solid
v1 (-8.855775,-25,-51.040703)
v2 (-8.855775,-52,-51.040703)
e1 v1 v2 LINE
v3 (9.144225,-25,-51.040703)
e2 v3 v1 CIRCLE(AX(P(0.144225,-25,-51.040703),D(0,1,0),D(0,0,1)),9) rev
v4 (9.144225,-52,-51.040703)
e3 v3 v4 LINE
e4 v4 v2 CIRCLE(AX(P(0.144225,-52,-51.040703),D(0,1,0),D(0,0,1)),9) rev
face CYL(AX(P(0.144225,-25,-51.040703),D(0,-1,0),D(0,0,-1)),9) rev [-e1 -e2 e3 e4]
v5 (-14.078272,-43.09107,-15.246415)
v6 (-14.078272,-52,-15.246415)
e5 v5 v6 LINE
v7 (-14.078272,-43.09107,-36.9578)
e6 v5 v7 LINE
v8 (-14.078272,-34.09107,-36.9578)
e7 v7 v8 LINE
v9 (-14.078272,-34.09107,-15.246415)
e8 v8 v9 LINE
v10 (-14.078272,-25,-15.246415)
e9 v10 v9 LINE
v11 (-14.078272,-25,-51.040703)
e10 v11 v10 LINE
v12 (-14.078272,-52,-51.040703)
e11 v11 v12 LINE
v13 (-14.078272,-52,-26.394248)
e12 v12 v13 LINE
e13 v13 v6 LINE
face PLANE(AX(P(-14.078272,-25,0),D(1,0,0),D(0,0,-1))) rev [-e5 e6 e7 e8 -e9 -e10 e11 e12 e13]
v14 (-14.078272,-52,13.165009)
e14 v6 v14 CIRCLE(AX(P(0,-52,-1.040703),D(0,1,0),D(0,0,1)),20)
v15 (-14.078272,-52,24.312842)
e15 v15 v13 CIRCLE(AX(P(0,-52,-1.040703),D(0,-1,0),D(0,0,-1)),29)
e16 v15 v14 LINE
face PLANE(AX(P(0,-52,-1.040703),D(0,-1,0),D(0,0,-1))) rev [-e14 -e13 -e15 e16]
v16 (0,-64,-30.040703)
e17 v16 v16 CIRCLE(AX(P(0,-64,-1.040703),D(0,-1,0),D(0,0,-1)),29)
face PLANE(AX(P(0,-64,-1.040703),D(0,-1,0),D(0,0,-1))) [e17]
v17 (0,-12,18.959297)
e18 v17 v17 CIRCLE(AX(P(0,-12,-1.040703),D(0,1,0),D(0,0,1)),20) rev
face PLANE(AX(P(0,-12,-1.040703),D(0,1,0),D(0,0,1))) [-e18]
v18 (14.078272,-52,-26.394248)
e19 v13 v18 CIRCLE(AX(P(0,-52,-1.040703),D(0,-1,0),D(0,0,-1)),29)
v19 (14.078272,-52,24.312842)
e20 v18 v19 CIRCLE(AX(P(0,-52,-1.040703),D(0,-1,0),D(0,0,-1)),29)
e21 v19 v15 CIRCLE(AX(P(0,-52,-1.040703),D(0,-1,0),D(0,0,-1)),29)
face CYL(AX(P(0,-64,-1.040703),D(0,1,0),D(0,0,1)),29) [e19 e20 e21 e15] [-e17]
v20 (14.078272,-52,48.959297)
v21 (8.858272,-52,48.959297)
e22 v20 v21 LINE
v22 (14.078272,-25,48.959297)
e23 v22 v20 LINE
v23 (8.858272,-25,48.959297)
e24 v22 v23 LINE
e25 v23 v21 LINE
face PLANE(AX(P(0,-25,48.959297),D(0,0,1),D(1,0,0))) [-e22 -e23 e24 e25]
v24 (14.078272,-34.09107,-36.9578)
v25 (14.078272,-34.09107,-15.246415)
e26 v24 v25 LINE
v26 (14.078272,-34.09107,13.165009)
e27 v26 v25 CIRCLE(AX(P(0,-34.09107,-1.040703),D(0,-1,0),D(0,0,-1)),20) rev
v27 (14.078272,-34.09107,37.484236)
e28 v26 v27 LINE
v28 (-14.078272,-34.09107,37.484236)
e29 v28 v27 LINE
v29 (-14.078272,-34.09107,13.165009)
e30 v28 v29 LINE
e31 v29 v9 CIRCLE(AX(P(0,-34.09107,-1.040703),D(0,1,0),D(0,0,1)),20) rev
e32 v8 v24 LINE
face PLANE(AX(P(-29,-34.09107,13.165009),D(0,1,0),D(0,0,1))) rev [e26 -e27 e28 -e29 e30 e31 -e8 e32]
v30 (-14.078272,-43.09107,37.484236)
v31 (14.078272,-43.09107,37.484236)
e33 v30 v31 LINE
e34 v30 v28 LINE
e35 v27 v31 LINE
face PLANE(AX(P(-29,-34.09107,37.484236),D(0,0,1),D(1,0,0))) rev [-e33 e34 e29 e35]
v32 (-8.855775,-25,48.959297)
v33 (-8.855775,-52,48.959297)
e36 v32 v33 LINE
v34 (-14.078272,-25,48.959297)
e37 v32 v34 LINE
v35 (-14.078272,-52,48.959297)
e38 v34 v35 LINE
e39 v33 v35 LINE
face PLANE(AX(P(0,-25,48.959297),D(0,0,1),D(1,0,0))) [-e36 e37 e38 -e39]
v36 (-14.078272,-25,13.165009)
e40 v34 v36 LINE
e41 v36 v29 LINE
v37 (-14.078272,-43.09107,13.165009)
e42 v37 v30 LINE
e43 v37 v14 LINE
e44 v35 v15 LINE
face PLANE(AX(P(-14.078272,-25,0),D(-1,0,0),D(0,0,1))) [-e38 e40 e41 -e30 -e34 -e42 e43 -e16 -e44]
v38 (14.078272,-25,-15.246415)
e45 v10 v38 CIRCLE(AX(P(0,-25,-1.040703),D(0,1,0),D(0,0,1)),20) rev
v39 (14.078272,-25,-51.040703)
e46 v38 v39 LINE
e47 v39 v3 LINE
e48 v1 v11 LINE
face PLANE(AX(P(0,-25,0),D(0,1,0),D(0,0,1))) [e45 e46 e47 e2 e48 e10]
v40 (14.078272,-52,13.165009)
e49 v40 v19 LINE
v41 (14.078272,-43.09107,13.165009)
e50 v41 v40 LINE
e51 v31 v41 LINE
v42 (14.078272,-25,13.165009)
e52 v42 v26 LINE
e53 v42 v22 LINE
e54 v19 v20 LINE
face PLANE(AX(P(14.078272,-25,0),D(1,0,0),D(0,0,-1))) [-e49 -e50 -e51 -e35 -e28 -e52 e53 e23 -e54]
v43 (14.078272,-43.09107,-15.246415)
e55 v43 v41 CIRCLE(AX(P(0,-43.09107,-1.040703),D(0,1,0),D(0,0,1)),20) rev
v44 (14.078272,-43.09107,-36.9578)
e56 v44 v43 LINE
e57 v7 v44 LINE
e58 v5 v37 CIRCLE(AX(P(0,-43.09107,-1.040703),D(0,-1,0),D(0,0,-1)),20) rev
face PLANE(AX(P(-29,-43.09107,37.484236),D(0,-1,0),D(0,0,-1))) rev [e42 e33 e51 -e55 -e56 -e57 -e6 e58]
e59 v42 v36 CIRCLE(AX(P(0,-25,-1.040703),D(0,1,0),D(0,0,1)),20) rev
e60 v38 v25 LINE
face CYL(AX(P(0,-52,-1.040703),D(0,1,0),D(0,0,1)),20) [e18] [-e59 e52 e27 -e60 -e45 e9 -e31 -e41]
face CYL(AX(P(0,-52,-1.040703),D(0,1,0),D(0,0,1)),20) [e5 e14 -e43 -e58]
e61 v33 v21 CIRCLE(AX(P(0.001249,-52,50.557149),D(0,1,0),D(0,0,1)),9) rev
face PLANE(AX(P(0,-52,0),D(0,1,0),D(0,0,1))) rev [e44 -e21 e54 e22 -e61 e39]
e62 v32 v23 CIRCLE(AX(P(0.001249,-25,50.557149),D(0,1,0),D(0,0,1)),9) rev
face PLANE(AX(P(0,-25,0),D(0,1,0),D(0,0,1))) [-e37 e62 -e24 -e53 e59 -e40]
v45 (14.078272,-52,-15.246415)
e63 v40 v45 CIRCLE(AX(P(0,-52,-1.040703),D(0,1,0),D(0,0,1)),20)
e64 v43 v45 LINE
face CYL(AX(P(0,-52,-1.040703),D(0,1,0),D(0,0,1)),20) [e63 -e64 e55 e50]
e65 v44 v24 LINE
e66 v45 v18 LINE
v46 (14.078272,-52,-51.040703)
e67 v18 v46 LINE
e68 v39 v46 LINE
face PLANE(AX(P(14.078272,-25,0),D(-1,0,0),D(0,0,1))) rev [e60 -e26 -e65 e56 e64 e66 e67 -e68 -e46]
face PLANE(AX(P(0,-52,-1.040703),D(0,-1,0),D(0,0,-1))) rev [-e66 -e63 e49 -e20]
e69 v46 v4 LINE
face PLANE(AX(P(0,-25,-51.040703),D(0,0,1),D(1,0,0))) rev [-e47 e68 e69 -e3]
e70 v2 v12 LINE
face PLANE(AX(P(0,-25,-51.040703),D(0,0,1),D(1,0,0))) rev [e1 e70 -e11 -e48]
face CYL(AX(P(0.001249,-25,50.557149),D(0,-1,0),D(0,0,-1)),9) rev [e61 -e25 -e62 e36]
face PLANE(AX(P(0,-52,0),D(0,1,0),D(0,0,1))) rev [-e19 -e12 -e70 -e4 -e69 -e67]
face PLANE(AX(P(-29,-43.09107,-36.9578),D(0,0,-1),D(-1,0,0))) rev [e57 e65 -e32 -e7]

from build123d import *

# Parameters (mm, degrees)
SKETCH1_R           = 20
BOSS_EXTRUDE1_DEPTH = 52
SKETCH2_R           = 29
BOSS_EXTRUDE2_DEPTH = 12
BOSS_EXTRUDE3_DEPTH = 27
CUT_EXTRUDE1_DEPTH  = 93.503464219
SKETCH8_W           = 28.411423822
SKETCH8_H           = 9
CUT_EXTRUDE2_DEPTH  = 26
SKETCH9_R           = 20.095724015
CUT_EXTRUDE3_DEPTH  = 12


with BuildPart() as part:
    # Sketch1 → Boss-Extrude1 (new body)
    with BuildSketch(Plane(origin=(0, 0, 0), x_dir=(1, 0, 0), z_dir=(0, 1, 0))):
        with Locations(Location((0, 1.040702914, 0), (0, 0, 270))):
            Circle(SKETCH1_R)
    extrude(amount=-BOSS_EXTRUDE1_DEPTH)

    # Sketch2 → Boss-Extrude2 (add)
    with BuildSketch(Plane.XZ.offset(52)):
        with Locations(Location((0, -1.040702914, 0), (0, 0, 270))):
            Circle(SKETCH2_R)
    extrude(amount=BOSS_EXTRUDE2_DEPTH)

    # Sketch5 → Boss-Extrude3 (add)
    with BuildSketch(Plane(origin=(0, -52, 0), x_dir=(1, 0, 0), z_dir=(0, 1, 0))):
        with BuildLine():
            Line((14.078272234, -13.165008997), (-14.078272234, -13.165008997))
            Line((-14.078272234, -13.165008997), (-14.078272234, -48.959297086))
            Line((-14.078272234, -48.959297086), (-8.855775068, -48.959297086))
            ThreePointArc((-8.855775068, -48.959297086), (0.001248583, -41.557149408), (8.858272234, -48.959297086))
            Line((8.858272234, -48.959297086), (14.078272234, -48.959297086))
            Line((14.078272234, -48.959297086), (14.078272234, -13.165008997))
        make_face()
        with BuildLine():
            Line((-14.078272234, 51.040702914), (-14.078272234, 15.246414825))
            Line((-14.078272234, 15.246414825), (14.078272234, 15.246414825))
            Line((14.078272234, 15.246414825), (14.078272234, 51.040702914))
            Line((14.078272234, 51.040702914), (9.144224932, 51.040702914))
            ThreePointArc((9.144224932, 51.040702914), (0.144224932, 42.040702914), (-8.855775068, 51.040702914))
            Line((-8.855775068, 51.040702914), (-14.078272234, 51.040702914))
        make_face()
    extrude(amount=BOSS_EXTRUDE3_DEPTH)

    # Sketch6 → Cut-Extrude1 (cut, through all)
    with BuildSketch(Plane(origin=(14.078272234, 0, 0), x_dir=(0, 0, -1), z_dir=(1, 0, 0))):
        Polygon((-13.165008997, -34.09107024), (-37.484236428, -34.09107024), (-37.484236428, -43.09107024), (36.957800208, -43.09107024), (36.957800208, -34.09107024), align=None)
    extrude(amount=-CUT_EXTRUDE1_DEPTH, mode=Mode.SUBTRACT)

    # Sketch8 → Cut-Extrude2 (cut, symmetric)
    with BuildSketch(Plane(origin=(0, 0, 0), x_dir=(0, 0, -1), z_dir=(1, 0, 0))):
        with Locations((1.040702914, -38.59107024)):
            Rectangle(SKETCH8_W, SKETCH8_H)
    extrude(amount=CUT_EXTRUDE2_DEPTH, both=True, mode=Mode.SUBTRACT)

    # Sketch9 → Cut-Extrude3 (cut)
    with BuildSketch(Plane(origin=(0, 0, 0), x_dir=(1, 0, 0), z_dir=(0, 1, 0))):
        with Locations((0, 1.040702914)):
            Circle(SKETCH9_R)
    extrude(amount=-CUT_EXTRUDE3_DEPTH, mode=Mode.SUBTRACT)


solid = part.part
